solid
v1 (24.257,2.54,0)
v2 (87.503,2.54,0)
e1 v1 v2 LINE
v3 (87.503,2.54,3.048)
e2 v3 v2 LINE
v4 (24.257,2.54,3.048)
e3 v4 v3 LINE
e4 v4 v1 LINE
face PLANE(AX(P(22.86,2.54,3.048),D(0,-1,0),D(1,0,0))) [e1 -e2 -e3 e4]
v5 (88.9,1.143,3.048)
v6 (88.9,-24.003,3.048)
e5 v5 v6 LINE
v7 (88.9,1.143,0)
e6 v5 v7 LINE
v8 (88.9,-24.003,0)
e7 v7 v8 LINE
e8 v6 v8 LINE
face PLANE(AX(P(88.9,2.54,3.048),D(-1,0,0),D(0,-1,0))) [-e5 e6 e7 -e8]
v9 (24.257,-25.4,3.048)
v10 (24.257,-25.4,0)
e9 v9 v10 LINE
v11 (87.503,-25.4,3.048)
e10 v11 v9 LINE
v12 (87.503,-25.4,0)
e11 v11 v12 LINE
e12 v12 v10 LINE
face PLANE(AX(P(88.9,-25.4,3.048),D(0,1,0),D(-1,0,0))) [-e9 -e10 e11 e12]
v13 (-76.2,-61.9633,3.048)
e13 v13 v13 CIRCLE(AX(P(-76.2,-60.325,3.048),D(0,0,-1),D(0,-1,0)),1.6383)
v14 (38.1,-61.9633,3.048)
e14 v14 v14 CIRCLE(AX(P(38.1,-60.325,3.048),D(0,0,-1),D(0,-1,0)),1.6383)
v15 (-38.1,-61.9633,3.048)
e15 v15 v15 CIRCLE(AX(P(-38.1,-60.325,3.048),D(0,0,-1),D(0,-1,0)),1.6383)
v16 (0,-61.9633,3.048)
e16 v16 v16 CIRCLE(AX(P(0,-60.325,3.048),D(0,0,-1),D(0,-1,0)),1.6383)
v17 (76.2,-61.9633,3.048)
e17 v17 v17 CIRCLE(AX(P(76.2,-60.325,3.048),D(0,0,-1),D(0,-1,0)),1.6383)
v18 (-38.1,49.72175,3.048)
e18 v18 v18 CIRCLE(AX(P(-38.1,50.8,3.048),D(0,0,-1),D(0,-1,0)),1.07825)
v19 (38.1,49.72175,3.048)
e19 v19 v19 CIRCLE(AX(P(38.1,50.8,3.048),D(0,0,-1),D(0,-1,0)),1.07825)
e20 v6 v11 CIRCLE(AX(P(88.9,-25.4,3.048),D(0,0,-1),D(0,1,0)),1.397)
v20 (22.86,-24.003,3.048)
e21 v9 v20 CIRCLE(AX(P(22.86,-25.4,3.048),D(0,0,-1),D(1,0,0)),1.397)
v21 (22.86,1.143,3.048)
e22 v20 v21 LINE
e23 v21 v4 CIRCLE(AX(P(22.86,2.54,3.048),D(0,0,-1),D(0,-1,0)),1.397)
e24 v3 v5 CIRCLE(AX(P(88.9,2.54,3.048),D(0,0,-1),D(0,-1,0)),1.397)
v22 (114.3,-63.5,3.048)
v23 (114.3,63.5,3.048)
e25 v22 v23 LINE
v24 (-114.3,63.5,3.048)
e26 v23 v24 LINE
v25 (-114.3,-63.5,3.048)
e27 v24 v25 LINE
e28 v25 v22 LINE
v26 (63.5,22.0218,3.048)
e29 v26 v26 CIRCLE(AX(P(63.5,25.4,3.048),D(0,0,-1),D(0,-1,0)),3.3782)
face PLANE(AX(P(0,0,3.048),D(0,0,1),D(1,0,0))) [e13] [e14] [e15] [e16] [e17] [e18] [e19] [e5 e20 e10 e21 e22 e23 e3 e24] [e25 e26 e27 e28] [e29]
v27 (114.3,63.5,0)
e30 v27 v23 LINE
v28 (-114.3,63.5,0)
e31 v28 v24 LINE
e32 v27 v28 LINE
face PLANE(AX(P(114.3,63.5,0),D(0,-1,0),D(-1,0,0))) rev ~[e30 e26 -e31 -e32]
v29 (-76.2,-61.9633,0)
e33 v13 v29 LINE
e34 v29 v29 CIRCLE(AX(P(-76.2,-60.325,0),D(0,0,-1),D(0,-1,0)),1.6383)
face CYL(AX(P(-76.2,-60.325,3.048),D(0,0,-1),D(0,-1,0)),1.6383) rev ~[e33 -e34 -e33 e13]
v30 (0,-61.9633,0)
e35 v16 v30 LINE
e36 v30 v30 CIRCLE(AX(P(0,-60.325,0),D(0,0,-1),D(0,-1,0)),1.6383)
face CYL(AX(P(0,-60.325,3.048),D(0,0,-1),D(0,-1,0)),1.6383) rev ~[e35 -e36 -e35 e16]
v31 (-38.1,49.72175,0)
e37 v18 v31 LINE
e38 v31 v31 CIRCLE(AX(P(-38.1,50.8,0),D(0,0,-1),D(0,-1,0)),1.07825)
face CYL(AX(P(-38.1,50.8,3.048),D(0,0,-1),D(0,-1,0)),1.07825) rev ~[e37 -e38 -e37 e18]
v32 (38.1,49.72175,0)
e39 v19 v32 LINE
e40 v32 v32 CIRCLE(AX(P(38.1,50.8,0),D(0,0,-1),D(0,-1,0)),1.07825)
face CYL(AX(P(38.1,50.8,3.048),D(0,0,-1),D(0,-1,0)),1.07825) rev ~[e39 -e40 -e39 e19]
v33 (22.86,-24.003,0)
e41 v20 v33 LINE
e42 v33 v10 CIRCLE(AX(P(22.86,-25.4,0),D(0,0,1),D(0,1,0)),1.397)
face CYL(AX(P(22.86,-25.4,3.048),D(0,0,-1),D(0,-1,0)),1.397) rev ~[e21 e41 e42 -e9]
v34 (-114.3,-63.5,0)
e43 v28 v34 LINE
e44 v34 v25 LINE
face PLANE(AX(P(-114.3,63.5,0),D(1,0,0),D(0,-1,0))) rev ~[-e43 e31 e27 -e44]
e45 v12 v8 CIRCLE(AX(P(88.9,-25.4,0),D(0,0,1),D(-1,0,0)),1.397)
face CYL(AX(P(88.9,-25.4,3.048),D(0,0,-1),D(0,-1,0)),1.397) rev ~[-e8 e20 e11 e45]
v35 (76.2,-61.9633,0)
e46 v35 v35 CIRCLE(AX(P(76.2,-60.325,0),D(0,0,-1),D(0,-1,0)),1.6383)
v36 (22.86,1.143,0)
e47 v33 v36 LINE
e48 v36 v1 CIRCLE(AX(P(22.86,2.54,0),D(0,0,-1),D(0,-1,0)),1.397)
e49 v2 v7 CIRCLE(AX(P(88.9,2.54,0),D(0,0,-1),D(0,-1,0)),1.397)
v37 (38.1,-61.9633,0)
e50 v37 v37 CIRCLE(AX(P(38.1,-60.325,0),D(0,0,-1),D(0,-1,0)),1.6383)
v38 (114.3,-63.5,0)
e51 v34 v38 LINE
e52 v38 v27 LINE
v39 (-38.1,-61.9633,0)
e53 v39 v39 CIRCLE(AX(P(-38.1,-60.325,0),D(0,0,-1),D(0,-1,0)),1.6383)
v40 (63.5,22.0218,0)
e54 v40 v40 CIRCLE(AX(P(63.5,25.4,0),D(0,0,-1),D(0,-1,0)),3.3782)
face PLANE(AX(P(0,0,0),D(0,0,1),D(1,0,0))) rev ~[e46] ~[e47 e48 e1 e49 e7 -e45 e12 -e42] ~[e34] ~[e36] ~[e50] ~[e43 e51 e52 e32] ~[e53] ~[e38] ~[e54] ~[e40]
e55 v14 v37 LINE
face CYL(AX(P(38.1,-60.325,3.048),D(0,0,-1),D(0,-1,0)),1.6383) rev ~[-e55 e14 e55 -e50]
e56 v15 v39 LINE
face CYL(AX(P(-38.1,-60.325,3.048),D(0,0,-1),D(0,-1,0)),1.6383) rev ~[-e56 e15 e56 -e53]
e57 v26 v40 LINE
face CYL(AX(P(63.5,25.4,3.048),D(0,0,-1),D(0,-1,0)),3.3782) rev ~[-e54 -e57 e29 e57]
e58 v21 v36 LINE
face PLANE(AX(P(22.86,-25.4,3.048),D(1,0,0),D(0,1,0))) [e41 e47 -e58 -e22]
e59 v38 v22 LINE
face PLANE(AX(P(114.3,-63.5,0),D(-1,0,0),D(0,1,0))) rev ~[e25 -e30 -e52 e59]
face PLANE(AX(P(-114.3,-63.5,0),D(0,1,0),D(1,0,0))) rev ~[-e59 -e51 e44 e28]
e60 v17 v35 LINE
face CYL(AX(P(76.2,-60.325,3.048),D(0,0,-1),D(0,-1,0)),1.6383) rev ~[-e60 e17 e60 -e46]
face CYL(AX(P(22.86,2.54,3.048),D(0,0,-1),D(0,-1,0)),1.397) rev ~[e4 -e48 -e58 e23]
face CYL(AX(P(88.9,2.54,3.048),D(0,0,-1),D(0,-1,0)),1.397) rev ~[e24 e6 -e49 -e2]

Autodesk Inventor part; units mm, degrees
ref_plane "YZ Plane" through (0, 0, 0) normal (1, 0, 0) x (0, 1, 0)
ref_plane "XZ Plane" through (0, 0, 0) normal (0, 1, 0) x (-1, 0, 0)
ref_plane "XY Plane" through (0, 0, 0) normal (0, 0, 1) x (1, 0, 0)
sketch "Sketch1" plane through (0, 0, 0) normal (0, 0, 1) x (1, 0, 0)
  line L0 (114.3, 63.5) -> (-114.3, 63.5)
  line L1 (-114.3, 63.5) -> (-114.3, -63.5)
  line L2 (-114.3, -63.5) -> (114.3, -63.5)
  line L3 (114.3, -63.5) -> (114.3, 63.5)
  point P0 (0, 0)
  dimension "d0" = 228.6
  dimension "d1" = 127
extrude "Plate1" add sketch "Sketch1" along normal blind 3.048
sketch "Sketch2" plane through (0, 0, 3.048) normal (0, 0, 1) x (1, 0, 0)
  line L0 (-114.3, -63.5) -> (114.3, -63.5) projected
  line L1 (114.3, -63.5) -> (114.3, -60.325)
  line L2 (114.3, -63.5) -> (114.3, 63.5) projected
  line L3 (114.3, -60.325) -> (76.2, -60.325)
  line L4 (76.2, -60.325) -> (38.1, -60.325)
  line L5 (38.1, -60.325) -> (0, -60.325)
  line L6 (0, -60.325) -> (-38.1, -60.325)
  line L7 (-38.1, -60.325) -> (-76.2, -60.325)
  line L8 (-76.2, -60.325) -> (-114.3, -60.325)
  line L9 (-114.3, 63.5) -> (-114.3, -63.5) projected
  point P0 (0, 0)
  dimension "d3" = 3.175
  dimension "d4" = 38.1
  dimension "d5" = 38.1
  dimension "d6" = 38.1
  dimension "d7" = 38.1
hole "Hole1" at (-76.2, -60.325, 3.048) at (-38.1, -60.325, 3.048) at (0, -60.325, 3.048) at (38.1, -60.325, 3.048) at (76.2, -60.325, 3.048) direction (0, 0, -1) diameter 3.2766 depth 3.048 clearance for "Hex Machine Screw" size "#4" standard "Ansi Unified Screw Threads"
sketch "Sketch3" plane through (0, 0, 3.048) normal (0, 0, 1) x (1, 0, 0)
  line L0 (114.3, -63.5) -> (114.3, -25.4)
  line L1 (114.3, -63.5) -> (114.3, 63.5) projected
  line L2 (114.3, -25.4) -> (88.9, -25.4)
  line L3 (88.9, -25.4) -> (22.86, -25.4)
  line L4 (22.86, -25.4) -> (22.86, 2.54)
  line L5 (22.86, 2.54) -> (88.9, 2.54)
  line L6 (88.9, 2.54) -> (88.9, -25.4)
  point P0 (0, 0)
  dimension "d15" = 38.1
  dimension "d16" = 25.4
  dimension "d17" = 66.04
  dimension "d18" = 27.94
extrude "Cut1" cut sketch "Sketch3" against normal blind 3.048
sketch "Sketch4" plane through (0, 0, 3.048) normal (0, 0, 1) x (1, 0, 0)
  line L0 (114.3, 63.5) -> (-114.3, 63.5) projected
  line L1 (-114.3, 63.5) -> (-114.3, 50.8)
  line L2 (-114.3, -63.5) -> (-114.3, 63.5) projected
  line L3 (-114.3, 50.8) -> (-38.1, 50.8)
  line L4 (-38.1, 50.8) -> (38.1, 50.8)
  line L5 (38.1, 50.8) -> (114.3, 50.8)
  point P0 (0, 0)
  dimension "d21" = 12.7
  dimension "d22" = 76.2
  dimension "d23" = 76.2
  dimension "d24" = 76.2
hole "Hole2" at (-38.1, 50.8, 3.048) at (38.1, 50.8, 3.048) direction (0, 0, -1) diameter 2.1565 end through all thread size "4-40 UNC" class "2B" standard "ANSI Unified Screw Threads"
sketch "Sketch5" plane through (0, 0, 3.048) normal (0, 0, 1) x (1, 0, 0)
  circle A0 centre (-38.1, 50.8) radius 1.0782 projected
  circle A1 centre (38.1, 50.8) radius 1.0782 projected
  line L0 (22.86, 2.54) -> (88.9, 2.54) projected
  line L1 (88.9, 2.54) -> (88.9, -25.4) projected
  line L2 (88.9, -25.4) -> (22.86, -25.4) projected
  line L3 (22.86, -25.4) -> (22.86, 2.54) projected
  circle A2 centre (38.1, -60.325) radius 1.6383 projected
  circle A3 centre (-38.1, -60.325) radius 1.6383 projected
  circle A4 centre (-76.2, -60.325) radius 1.6383 projected
  circle A5 centre (0, -60.325) radius 1.6383 projected
  circle A6 centre (76.2, -60.325) radius 1.6383 projected
  line L4 (114.3, 63.5) -> (114.3, -63.5) projected
  line L5 (-114.3, 63.5) -> (114.3, 63.5) projected
  line L6 (-114.3, -63.5) -> (-114.3, 63.5) projected
  line L7 (114.3, -63.5) -> (-114.3, -63.5) projected
  point P0 (0, 0)
hole "Hole3" at (22.86, 2.54, 3.048) at (88.9, 2.54, 3.048) at (88.9, -25.4, 3.048) at (22.86, -25.4, 3.048) direction (0, 0, -1) diameter 2.794 depth 3.048 clearance for "Flat Head Machine Screw (82)" size "#3" standard "Ansi Unified Screw Threads"
sketch "Sketch6" plane through (0, 0, 3.048) normal (0, 0, 1) x (1, 0, 0)
  line L0 (114.3, -63.5) -> (-114.3, -63.5) projected
  line L1 (114.3, -63.5) -> (63.5, -63.5)
  line L2 (63.5, -63.5) -> (63.5, 25.4)
  point P0 (0, 0)
  dimension "d39" = 50.8
  dimension "d40" = 88.9
hole "Hole4" at (63.5, 25.4, 3.048) direction (0, 0, -1) diameter 6.7564 depth 3.048 clearance for "Flat Head Machine Screw (82)" size "1/4" standard "Ansi Unified Screw Threads"
equation "\"d13\" = Thickness"
equation "\"d19\" = Thickness"
equation "\"d37\" = Thickness"
equation "\"d46\" = Thickness"
equation "\"d2\" = Thickness"
equation "\"BendRadius\" = Thickness"
equation "\"BendReliefWidth\" = Thickness"
equation "\"BendReliefDepth\" = 0.5 * Thickness"
equation "\"CornerReliefSize\" = 4 * Thickness"
equation "\"MinimumRemnant\" = 2 * Thickness"
equation "\"TransitionRadius\" = BendRadius"
equation "\"JacobiRadiusSize\" = BendRadius"
equation "\"GapSize\" = Thickness"
equation "\"Thickness\" = 3.048"
properties part number "sheetmetalright2.0"
